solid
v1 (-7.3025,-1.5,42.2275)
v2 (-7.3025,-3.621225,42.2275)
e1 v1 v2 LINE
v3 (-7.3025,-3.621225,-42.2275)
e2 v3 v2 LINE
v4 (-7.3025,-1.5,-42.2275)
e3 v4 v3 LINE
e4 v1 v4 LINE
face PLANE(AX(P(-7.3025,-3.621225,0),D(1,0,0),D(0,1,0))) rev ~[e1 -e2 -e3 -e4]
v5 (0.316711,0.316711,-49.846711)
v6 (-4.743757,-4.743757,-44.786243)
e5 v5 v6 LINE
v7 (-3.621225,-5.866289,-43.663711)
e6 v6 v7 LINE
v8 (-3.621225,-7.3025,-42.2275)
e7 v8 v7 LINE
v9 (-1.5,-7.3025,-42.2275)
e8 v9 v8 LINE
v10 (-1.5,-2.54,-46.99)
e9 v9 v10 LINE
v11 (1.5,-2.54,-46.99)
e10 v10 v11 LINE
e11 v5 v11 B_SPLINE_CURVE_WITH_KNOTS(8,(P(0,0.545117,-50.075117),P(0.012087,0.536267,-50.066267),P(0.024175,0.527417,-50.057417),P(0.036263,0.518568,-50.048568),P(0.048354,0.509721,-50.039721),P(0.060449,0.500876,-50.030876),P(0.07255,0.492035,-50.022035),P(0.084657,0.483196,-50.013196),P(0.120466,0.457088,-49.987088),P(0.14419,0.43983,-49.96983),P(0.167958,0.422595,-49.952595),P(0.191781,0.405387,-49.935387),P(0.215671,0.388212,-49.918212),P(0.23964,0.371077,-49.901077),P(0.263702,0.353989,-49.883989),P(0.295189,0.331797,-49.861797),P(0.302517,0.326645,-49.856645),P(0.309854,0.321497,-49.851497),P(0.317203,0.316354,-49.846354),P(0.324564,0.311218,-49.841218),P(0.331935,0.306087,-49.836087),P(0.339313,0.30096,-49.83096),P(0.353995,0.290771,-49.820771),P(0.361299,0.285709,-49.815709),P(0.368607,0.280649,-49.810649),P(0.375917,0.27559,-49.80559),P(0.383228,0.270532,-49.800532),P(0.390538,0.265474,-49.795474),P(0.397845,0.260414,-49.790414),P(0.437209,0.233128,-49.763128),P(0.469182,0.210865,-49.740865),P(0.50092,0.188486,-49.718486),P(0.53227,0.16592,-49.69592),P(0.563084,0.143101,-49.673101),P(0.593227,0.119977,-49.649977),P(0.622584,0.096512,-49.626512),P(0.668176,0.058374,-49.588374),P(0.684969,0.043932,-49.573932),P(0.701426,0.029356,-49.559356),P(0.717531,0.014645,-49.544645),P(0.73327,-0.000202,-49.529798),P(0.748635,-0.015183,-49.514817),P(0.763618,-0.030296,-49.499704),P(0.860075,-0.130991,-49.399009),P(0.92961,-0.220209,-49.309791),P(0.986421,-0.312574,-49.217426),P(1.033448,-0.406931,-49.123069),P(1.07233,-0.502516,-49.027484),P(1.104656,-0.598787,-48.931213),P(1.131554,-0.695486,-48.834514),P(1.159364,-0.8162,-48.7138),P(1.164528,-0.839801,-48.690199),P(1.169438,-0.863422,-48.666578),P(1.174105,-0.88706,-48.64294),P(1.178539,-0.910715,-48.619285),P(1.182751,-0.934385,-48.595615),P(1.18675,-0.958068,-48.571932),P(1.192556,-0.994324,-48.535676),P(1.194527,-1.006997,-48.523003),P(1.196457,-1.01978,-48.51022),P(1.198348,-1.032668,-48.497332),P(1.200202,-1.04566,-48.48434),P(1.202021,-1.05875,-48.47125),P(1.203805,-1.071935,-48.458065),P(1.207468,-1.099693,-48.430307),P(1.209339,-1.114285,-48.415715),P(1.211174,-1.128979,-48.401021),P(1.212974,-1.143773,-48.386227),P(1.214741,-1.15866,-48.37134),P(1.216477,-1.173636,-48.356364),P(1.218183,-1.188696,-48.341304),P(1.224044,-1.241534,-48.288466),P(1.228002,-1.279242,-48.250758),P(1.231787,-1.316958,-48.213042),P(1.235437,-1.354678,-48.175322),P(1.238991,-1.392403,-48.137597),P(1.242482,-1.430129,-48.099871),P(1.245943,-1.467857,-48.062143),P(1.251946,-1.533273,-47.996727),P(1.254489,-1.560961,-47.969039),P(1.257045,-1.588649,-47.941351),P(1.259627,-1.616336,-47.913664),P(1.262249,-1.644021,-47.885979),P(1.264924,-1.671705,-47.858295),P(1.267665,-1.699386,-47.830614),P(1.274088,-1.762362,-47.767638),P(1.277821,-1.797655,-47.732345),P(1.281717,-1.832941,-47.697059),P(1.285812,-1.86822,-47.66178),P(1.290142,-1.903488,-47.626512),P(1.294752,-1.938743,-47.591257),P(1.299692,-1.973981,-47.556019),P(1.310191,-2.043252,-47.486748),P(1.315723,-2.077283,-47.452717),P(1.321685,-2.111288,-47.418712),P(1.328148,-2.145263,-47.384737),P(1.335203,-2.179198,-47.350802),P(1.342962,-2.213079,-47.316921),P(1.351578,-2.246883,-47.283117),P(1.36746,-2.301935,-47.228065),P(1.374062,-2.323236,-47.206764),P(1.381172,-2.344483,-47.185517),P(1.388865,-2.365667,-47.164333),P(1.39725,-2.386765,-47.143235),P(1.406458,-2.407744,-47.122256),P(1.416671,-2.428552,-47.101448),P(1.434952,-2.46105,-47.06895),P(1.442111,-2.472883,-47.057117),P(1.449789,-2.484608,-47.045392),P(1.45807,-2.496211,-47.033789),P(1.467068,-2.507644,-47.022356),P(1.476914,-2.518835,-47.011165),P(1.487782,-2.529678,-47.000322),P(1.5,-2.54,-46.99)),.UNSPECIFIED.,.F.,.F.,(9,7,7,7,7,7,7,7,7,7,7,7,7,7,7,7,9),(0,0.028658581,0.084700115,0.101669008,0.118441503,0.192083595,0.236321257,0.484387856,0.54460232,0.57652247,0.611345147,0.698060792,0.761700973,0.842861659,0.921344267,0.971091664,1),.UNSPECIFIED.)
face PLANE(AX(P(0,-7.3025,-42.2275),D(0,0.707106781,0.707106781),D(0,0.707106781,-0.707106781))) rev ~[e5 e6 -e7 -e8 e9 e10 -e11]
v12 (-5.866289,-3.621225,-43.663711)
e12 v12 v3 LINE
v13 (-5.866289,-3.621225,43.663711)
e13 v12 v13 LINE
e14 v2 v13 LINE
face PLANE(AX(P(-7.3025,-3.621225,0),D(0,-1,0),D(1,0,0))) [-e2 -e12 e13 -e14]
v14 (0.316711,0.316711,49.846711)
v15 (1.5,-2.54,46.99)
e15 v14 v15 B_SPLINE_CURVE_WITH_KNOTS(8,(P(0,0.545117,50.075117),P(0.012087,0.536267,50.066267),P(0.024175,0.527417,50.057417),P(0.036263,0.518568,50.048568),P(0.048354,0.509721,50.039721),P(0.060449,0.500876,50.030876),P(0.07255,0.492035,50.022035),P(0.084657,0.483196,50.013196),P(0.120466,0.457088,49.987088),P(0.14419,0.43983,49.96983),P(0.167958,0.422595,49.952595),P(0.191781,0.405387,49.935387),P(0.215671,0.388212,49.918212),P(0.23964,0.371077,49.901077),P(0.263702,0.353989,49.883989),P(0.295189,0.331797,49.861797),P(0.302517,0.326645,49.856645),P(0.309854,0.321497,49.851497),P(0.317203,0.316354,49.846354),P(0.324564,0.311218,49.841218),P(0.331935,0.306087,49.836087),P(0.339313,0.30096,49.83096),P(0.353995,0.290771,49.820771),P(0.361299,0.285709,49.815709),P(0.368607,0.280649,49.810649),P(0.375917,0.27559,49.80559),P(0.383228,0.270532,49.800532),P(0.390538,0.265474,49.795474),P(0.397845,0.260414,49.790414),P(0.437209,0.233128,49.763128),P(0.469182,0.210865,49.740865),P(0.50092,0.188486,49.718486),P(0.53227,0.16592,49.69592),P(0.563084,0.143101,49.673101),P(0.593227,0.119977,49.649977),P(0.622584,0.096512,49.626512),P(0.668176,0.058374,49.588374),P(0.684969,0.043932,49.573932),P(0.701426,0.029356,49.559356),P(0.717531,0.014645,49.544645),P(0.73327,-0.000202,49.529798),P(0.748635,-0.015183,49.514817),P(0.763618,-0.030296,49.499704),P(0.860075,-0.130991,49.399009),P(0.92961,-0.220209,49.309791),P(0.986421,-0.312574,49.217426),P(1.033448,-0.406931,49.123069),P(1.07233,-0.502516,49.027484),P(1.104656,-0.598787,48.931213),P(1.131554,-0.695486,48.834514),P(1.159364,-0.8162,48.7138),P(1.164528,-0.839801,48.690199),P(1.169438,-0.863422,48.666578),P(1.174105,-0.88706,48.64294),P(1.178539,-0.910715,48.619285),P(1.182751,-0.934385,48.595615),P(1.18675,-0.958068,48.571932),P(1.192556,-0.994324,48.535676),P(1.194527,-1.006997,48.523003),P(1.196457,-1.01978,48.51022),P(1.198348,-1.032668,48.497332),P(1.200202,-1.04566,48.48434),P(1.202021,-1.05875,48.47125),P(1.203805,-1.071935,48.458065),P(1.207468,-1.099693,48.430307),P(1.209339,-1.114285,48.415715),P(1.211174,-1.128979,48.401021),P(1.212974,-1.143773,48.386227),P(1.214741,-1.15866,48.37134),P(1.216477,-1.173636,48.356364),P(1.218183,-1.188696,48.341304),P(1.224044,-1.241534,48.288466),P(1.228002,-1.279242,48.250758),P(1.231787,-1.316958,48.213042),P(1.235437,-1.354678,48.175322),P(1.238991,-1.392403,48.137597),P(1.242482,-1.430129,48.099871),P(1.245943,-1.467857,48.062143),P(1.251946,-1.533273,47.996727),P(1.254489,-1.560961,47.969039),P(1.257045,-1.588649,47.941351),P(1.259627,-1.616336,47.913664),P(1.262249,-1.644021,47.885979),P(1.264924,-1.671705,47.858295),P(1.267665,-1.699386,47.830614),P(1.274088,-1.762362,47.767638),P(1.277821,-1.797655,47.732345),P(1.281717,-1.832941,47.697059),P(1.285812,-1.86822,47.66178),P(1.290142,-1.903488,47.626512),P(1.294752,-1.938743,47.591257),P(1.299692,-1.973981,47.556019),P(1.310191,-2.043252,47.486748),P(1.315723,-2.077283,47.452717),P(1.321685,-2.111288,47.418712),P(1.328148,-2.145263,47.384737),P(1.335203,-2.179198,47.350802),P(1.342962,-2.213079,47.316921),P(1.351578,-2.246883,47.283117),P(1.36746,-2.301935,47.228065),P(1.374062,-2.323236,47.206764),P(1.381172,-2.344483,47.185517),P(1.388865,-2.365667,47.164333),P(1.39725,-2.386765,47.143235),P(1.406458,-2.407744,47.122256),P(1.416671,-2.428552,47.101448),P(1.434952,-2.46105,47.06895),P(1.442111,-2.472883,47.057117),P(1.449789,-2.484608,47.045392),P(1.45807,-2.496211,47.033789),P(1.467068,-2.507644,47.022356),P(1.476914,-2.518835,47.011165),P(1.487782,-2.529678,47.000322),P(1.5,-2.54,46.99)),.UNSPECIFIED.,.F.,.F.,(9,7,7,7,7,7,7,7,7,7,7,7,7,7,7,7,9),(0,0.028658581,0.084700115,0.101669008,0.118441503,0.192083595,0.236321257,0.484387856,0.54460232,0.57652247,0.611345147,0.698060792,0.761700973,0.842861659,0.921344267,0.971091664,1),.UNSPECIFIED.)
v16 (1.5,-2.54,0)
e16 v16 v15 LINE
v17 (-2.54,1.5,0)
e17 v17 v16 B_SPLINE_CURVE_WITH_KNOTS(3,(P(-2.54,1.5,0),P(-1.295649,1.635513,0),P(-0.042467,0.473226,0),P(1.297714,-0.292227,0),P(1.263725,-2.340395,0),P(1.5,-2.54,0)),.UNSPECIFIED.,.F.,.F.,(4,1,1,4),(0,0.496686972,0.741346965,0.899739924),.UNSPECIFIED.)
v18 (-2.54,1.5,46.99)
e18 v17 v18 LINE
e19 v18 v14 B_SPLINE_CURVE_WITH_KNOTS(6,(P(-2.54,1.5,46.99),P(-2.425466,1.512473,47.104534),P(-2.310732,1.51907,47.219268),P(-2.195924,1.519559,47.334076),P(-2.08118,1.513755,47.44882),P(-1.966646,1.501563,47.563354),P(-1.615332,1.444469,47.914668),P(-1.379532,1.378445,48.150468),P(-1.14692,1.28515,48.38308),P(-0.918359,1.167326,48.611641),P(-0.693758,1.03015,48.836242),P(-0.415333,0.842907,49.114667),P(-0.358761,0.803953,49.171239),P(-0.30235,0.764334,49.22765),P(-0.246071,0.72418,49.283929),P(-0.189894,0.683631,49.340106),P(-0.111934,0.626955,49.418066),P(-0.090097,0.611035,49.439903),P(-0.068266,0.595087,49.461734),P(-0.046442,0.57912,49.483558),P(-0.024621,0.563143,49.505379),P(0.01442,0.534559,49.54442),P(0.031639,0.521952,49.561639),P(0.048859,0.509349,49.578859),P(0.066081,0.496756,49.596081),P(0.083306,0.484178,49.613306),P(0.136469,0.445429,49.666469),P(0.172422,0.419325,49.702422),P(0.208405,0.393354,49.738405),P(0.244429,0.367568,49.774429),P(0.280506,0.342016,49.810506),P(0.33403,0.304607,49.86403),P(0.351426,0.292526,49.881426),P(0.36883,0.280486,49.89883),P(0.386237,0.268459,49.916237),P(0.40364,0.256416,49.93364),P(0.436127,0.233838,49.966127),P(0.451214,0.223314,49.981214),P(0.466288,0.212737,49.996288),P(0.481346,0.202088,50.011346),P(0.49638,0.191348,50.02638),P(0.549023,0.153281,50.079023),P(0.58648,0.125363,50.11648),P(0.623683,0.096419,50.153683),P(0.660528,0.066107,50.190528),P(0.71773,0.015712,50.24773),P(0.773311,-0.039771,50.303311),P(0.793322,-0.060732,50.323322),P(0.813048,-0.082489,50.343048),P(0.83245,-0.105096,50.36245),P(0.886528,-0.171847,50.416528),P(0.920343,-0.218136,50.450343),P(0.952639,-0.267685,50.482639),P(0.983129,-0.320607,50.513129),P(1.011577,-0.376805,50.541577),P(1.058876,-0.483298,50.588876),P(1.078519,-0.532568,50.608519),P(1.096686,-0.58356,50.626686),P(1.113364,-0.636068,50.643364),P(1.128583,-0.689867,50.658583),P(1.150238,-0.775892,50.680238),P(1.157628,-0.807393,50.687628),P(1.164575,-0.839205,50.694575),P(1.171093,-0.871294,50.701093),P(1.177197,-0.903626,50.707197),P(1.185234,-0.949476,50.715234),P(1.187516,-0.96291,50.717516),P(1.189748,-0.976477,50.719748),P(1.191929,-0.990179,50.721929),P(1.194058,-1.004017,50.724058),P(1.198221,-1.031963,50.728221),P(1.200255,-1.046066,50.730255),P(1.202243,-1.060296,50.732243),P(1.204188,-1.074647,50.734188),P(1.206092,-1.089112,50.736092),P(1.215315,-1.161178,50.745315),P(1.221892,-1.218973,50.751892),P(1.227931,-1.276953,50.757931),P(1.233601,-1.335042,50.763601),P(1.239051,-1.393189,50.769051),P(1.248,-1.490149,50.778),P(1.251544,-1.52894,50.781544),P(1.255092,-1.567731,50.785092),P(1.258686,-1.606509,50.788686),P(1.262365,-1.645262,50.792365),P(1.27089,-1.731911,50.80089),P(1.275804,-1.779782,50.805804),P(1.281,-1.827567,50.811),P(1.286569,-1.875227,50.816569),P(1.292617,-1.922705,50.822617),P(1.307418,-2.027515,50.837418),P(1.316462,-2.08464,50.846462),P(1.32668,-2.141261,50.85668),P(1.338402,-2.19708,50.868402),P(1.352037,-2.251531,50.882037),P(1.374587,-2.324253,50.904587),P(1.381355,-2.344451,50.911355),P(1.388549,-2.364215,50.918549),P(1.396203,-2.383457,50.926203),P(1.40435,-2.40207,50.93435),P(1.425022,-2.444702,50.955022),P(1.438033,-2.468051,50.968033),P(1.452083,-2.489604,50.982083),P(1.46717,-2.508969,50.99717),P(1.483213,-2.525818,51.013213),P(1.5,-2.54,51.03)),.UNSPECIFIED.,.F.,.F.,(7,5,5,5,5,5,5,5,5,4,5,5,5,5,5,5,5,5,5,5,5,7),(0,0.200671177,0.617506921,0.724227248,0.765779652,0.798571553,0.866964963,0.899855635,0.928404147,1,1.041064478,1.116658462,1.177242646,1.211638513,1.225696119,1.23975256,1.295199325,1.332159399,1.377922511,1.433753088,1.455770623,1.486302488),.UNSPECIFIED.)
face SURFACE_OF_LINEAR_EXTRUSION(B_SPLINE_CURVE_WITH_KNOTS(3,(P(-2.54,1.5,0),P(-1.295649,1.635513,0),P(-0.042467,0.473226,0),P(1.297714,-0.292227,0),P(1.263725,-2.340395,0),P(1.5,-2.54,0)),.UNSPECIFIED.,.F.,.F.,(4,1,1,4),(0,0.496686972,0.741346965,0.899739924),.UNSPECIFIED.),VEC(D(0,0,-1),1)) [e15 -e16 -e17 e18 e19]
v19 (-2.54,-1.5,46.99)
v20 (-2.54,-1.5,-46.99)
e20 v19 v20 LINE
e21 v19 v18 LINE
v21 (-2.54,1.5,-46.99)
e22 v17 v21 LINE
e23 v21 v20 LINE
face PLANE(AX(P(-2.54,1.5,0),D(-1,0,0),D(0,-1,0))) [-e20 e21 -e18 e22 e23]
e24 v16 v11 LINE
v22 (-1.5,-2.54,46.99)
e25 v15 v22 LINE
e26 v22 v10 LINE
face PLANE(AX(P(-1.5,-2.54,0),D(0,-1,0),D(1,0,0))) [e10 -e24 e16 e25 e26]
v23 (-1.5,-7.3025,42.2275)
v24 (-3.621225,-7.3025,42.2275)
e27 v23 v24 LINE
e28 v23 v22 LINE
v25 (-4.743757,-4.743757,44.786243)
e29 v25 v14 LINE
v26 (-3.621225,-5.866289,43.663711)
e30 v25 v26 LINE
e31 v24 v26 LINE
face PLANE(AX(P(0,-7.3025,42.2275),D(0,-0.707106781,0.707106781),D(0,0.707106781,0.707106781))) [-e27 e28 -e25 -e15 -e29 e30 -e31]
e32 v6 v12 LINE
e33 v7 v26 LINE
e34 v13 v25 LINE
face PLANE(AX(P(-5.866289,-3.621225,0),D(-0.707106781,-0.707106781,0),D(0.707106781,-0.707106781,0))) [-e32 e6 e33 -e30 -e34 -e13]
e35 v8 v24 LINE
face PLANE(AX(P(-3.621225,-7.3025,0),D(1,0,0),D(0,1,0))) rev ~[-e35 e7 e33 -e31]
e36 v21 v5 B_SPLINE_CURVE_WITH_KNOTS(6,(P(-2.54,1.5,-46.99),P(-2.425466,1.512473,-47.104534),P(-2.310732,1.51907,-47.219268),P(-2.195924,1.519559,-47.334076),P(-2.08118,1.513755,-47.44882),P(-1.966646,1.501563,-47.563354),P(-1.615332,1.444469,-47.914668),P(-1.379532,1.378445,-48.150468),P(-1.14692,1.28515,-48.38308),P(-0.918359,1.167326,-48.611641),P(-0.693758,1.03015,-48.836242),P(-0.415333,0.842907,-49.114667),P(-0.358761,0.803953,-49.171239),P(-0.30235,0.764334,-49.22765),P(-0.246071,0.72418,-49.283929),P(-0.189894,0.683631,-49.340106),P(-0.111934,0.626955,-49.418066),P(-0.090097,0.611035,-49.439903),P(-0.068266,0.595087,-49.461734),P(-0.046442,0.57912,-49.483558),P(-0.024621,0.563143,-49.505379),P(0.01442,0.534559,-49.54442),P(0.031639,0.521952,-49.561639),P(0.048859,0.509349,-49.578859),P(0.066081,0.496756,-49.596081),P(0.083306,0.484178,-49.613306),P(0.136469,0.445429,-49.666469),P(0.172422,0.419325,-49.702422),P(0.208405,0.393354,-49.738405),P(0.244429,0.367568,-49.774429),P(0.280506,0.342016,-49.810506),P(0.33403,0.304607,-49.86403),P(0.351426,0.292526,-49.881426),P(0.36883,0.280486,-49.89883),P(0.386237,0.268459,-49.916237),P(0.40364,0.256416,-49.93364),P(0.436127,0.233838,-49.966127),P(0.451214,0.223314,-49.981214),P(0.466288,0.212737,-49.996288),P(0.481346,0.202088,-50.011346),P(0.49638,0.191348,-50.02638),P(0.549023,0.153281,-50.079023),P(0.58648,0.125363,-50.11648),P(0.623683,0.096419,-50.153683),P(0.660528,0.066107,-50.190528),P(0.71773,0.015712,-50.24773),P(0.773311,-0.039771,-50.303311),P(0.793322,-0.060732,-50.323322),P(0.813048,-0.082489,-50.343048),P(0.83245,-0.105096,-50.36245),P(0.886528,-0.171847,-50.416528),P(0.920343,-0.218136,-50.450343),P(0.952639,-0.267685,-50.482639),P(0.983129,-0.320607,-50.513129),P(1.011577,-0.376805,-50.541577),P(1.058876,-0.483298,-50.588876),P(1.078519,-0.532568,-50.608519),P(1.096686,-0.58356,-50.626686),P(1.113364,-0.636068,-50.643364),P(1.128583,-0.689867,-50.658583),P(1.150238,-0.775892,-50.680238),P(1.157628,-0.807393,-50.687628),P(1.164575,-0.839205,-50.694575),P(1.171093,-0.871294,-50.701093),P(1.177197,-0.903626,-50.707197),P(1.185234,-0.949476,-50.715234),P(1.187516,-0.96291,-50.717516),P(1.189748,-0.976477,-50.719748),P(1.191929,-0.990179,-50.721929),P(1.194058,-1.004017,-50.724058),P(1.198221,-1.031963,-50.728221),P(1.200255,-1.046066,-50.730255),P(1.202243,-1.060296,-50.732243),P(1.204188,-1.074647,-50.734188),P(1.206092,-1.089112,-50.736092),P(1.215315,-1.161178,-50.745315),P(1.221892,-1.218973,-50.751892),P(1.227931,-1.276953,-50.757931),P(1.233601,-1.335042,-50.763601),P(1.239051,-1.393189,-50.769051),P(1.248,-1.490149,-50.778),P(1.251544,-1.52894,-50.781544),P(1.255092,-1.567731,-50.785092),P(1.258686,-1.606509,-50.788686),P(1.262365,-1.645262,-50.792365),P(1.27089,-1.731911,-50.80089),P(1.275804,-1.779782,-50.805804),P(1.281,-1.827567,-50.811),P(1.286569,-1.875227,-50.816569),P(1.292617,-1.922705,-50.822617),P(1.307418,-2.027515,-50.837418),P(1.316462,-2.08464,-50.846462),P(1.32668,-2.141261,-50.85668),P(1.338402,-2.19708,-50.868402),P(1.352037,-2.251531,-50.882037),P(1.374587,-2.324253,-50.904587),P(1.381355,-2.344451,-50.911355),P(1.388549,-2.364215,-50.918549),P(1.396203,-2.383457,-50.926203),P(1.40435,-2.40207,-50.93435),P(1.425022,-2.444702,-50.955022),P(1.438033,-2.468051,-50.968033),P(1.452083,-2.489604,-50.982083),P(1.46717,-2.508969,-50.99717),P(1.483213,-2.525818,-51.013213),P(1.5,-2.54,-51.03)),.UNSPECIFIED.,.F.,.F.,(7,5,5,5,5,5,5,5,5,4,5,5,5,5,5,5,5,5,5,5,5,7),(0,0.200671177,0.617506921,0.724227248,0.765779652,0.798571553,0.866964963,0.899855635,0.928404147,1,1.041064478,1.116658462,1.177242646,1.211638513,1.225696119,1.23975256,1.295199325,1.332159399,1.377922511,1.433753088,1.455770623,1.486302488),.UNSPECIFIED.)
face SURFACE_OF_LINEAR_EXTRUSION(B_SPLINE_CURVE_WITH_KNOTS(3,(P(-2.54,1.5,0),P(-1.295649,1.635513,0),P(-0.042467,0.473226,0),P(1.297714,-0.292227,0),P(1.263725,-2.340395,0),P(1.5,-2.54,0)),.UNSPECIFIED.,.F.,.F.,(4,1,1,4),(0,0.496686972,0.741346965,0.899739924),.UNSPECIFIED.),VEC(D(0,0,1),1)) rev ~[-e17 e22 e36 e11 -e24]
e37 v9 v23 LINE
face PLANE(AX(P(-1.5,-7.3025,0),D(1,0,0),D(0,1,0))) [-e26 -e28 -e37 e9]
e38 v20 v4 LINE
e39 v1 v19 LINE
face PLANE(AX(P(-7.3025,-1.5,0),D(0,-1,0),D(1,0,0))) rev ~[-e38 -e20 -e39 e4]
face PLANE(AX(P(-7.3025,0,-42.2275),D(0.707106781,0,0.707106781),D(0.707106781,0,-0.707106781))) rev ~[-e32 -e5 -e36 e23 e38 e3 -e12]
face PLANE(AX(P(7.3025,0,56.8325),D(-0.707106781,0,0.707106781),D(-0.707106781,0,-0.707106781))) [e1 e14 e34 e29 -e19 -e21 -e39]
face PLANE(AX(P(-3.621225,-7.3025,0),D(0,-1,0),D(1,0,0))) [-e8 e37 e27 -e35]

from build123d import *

# Parameters (mm, degrees)
SKETCH7_W               = 4.7625
SKETCH7_H               = 2.12122512
BOSS_EXTRUDE2_DEPTH     = 52.705
SKETCH8_W               = 2.12122512
SKETCH8_H               = 4.7625
BOSS_EXTRUDE3_DEPTH     = 52.705
BOSS_EXTRUDE4_DEPTH     = 52.705
CUT_EXTRUDE4_DEPTH      = 54.707262553
CUT_EXTRUDE4_DEPTH_BACK = 54.707262553
CUT_EXTRUDE5_DEPTH      = 53.064517001
CUT_EXTRUDE5_DEPTH_BACK = 53.064517001


with BuildPart() as part:
    # Sketch7 → Boss-Extrude2 (new, symmetric)
    with BuildSketch(Plane.XY):
        with Locations((-4.92125, -2.560612608)):
            Rectangle(SKETCH7_W, SKETCH7_H)
    extrude(amount=BOSS_EXTRUDE2_DEPTH, both=True)

    # Sketch8 → Boss-Extrude3 (add, symmetric)
    with BuildSketch(Plane.XY):
        with Locations((-2.560612608, -4.92125)):
            Rectangle(SKETCH8_W, SKETCH8_H)
    extrude(amount=BOSS_EXTRUDE3_DEPTH, both=True)

    # Sketch11 → Boss-Extrude4 (add, symmetric)
    with BuildSketch(Plane.XY):
        with BuildLine():
            Line((-2.54, 1.500000048), (-2.54, -1.500000048))
            Line((-2.54, -1.500000048), (-7.3025, -1.500000048))
            Line((-7.3025, -1.500000048), (-7.3025, -3.621225168))
            Line((-7.3025, -3.621225168), (-5.866289198, -3.621225168))
            Line((-5.866289198, -3.621225168), (-3.621225168, -5.866289198))
            Line((-3.621225168, -5.866289198), (-3.621225168, -7.3025))
            Line((-3.621225168, -7.3025), (-1.500000048, -7.3025))
            Line((-1.500000048, -7.3025), (-1.500000048, -2.54))
            Line((-1.500000048, -2.54), (1.500000048, -2.54))
            add(Edge.make_bspline(
                [(-2.54, 1.500000048), (-1.295649087, 1.635512934), (-0.042467258, 0.473225958), (1.297713539, -0.292226779), (1.263724591, -2.340394541), (1.500000048, -2.54)],
                knots=[0, 0, 0, 0, 0.496686972, 0.741346965, 0.899739924, 0.899739924, 0.899739924, 0.899739924], degree=3))
        make_face()
    extrude(amount=BOSS_EXTRUDE4_DEPTH, both=True)

    # Sketch14 → Cut-Extrude4 (cut, two sides: drawn at the far end of the back side and taken through both)
    with BuildSketch(Plane(origin=(0, 0, 0), x_dir=(1, 0, 0), z_dir=(0, 1, 0)).offset(-CUT_EXTRUDE4_DEPTH_BACK)):
        Polygon((-7.3025, -42.2275), (-7.3025, -56.8325), (7.3025, -56.8325), align=None)
        Polygon((-7.3025, 42.2275), (7.3025, 56.8325), (-7.3025, 56.8325), align=None)
    extrude(amount=CUT_EXTRUDE4_DEPTH + CUT_EXTRUDE4_DEPTH_BACK, mode=Mode.SUBTRACT)

    # Sketch17 → Cut-Extrude5 (cut, two sides: drawn at the far end of the back side and taken through both)
    with BuildSketch(Plane(origin=(0, 0, 0), x_dir=(0, -1, 0), z_dir=(-1, 0, 0)).offset(-CUT_EXTRUDE5_DEPTH_BACK)):
        Polygon((7.3025, 56.8325), (7.3025, 42.2275), (-7.3025, 56.8325), align=None)
        Polygon((7.3025, -42.2275), (-7.3025, -56.8325), (7.3025, -56.8325), align=None)
    extrude(amount=CUT_EXTRUDE5_DEPTH + CUT_EXTRUDE5_DEPTH_BACK, mode=Mode.SUBTRACT)


solid = part.part
